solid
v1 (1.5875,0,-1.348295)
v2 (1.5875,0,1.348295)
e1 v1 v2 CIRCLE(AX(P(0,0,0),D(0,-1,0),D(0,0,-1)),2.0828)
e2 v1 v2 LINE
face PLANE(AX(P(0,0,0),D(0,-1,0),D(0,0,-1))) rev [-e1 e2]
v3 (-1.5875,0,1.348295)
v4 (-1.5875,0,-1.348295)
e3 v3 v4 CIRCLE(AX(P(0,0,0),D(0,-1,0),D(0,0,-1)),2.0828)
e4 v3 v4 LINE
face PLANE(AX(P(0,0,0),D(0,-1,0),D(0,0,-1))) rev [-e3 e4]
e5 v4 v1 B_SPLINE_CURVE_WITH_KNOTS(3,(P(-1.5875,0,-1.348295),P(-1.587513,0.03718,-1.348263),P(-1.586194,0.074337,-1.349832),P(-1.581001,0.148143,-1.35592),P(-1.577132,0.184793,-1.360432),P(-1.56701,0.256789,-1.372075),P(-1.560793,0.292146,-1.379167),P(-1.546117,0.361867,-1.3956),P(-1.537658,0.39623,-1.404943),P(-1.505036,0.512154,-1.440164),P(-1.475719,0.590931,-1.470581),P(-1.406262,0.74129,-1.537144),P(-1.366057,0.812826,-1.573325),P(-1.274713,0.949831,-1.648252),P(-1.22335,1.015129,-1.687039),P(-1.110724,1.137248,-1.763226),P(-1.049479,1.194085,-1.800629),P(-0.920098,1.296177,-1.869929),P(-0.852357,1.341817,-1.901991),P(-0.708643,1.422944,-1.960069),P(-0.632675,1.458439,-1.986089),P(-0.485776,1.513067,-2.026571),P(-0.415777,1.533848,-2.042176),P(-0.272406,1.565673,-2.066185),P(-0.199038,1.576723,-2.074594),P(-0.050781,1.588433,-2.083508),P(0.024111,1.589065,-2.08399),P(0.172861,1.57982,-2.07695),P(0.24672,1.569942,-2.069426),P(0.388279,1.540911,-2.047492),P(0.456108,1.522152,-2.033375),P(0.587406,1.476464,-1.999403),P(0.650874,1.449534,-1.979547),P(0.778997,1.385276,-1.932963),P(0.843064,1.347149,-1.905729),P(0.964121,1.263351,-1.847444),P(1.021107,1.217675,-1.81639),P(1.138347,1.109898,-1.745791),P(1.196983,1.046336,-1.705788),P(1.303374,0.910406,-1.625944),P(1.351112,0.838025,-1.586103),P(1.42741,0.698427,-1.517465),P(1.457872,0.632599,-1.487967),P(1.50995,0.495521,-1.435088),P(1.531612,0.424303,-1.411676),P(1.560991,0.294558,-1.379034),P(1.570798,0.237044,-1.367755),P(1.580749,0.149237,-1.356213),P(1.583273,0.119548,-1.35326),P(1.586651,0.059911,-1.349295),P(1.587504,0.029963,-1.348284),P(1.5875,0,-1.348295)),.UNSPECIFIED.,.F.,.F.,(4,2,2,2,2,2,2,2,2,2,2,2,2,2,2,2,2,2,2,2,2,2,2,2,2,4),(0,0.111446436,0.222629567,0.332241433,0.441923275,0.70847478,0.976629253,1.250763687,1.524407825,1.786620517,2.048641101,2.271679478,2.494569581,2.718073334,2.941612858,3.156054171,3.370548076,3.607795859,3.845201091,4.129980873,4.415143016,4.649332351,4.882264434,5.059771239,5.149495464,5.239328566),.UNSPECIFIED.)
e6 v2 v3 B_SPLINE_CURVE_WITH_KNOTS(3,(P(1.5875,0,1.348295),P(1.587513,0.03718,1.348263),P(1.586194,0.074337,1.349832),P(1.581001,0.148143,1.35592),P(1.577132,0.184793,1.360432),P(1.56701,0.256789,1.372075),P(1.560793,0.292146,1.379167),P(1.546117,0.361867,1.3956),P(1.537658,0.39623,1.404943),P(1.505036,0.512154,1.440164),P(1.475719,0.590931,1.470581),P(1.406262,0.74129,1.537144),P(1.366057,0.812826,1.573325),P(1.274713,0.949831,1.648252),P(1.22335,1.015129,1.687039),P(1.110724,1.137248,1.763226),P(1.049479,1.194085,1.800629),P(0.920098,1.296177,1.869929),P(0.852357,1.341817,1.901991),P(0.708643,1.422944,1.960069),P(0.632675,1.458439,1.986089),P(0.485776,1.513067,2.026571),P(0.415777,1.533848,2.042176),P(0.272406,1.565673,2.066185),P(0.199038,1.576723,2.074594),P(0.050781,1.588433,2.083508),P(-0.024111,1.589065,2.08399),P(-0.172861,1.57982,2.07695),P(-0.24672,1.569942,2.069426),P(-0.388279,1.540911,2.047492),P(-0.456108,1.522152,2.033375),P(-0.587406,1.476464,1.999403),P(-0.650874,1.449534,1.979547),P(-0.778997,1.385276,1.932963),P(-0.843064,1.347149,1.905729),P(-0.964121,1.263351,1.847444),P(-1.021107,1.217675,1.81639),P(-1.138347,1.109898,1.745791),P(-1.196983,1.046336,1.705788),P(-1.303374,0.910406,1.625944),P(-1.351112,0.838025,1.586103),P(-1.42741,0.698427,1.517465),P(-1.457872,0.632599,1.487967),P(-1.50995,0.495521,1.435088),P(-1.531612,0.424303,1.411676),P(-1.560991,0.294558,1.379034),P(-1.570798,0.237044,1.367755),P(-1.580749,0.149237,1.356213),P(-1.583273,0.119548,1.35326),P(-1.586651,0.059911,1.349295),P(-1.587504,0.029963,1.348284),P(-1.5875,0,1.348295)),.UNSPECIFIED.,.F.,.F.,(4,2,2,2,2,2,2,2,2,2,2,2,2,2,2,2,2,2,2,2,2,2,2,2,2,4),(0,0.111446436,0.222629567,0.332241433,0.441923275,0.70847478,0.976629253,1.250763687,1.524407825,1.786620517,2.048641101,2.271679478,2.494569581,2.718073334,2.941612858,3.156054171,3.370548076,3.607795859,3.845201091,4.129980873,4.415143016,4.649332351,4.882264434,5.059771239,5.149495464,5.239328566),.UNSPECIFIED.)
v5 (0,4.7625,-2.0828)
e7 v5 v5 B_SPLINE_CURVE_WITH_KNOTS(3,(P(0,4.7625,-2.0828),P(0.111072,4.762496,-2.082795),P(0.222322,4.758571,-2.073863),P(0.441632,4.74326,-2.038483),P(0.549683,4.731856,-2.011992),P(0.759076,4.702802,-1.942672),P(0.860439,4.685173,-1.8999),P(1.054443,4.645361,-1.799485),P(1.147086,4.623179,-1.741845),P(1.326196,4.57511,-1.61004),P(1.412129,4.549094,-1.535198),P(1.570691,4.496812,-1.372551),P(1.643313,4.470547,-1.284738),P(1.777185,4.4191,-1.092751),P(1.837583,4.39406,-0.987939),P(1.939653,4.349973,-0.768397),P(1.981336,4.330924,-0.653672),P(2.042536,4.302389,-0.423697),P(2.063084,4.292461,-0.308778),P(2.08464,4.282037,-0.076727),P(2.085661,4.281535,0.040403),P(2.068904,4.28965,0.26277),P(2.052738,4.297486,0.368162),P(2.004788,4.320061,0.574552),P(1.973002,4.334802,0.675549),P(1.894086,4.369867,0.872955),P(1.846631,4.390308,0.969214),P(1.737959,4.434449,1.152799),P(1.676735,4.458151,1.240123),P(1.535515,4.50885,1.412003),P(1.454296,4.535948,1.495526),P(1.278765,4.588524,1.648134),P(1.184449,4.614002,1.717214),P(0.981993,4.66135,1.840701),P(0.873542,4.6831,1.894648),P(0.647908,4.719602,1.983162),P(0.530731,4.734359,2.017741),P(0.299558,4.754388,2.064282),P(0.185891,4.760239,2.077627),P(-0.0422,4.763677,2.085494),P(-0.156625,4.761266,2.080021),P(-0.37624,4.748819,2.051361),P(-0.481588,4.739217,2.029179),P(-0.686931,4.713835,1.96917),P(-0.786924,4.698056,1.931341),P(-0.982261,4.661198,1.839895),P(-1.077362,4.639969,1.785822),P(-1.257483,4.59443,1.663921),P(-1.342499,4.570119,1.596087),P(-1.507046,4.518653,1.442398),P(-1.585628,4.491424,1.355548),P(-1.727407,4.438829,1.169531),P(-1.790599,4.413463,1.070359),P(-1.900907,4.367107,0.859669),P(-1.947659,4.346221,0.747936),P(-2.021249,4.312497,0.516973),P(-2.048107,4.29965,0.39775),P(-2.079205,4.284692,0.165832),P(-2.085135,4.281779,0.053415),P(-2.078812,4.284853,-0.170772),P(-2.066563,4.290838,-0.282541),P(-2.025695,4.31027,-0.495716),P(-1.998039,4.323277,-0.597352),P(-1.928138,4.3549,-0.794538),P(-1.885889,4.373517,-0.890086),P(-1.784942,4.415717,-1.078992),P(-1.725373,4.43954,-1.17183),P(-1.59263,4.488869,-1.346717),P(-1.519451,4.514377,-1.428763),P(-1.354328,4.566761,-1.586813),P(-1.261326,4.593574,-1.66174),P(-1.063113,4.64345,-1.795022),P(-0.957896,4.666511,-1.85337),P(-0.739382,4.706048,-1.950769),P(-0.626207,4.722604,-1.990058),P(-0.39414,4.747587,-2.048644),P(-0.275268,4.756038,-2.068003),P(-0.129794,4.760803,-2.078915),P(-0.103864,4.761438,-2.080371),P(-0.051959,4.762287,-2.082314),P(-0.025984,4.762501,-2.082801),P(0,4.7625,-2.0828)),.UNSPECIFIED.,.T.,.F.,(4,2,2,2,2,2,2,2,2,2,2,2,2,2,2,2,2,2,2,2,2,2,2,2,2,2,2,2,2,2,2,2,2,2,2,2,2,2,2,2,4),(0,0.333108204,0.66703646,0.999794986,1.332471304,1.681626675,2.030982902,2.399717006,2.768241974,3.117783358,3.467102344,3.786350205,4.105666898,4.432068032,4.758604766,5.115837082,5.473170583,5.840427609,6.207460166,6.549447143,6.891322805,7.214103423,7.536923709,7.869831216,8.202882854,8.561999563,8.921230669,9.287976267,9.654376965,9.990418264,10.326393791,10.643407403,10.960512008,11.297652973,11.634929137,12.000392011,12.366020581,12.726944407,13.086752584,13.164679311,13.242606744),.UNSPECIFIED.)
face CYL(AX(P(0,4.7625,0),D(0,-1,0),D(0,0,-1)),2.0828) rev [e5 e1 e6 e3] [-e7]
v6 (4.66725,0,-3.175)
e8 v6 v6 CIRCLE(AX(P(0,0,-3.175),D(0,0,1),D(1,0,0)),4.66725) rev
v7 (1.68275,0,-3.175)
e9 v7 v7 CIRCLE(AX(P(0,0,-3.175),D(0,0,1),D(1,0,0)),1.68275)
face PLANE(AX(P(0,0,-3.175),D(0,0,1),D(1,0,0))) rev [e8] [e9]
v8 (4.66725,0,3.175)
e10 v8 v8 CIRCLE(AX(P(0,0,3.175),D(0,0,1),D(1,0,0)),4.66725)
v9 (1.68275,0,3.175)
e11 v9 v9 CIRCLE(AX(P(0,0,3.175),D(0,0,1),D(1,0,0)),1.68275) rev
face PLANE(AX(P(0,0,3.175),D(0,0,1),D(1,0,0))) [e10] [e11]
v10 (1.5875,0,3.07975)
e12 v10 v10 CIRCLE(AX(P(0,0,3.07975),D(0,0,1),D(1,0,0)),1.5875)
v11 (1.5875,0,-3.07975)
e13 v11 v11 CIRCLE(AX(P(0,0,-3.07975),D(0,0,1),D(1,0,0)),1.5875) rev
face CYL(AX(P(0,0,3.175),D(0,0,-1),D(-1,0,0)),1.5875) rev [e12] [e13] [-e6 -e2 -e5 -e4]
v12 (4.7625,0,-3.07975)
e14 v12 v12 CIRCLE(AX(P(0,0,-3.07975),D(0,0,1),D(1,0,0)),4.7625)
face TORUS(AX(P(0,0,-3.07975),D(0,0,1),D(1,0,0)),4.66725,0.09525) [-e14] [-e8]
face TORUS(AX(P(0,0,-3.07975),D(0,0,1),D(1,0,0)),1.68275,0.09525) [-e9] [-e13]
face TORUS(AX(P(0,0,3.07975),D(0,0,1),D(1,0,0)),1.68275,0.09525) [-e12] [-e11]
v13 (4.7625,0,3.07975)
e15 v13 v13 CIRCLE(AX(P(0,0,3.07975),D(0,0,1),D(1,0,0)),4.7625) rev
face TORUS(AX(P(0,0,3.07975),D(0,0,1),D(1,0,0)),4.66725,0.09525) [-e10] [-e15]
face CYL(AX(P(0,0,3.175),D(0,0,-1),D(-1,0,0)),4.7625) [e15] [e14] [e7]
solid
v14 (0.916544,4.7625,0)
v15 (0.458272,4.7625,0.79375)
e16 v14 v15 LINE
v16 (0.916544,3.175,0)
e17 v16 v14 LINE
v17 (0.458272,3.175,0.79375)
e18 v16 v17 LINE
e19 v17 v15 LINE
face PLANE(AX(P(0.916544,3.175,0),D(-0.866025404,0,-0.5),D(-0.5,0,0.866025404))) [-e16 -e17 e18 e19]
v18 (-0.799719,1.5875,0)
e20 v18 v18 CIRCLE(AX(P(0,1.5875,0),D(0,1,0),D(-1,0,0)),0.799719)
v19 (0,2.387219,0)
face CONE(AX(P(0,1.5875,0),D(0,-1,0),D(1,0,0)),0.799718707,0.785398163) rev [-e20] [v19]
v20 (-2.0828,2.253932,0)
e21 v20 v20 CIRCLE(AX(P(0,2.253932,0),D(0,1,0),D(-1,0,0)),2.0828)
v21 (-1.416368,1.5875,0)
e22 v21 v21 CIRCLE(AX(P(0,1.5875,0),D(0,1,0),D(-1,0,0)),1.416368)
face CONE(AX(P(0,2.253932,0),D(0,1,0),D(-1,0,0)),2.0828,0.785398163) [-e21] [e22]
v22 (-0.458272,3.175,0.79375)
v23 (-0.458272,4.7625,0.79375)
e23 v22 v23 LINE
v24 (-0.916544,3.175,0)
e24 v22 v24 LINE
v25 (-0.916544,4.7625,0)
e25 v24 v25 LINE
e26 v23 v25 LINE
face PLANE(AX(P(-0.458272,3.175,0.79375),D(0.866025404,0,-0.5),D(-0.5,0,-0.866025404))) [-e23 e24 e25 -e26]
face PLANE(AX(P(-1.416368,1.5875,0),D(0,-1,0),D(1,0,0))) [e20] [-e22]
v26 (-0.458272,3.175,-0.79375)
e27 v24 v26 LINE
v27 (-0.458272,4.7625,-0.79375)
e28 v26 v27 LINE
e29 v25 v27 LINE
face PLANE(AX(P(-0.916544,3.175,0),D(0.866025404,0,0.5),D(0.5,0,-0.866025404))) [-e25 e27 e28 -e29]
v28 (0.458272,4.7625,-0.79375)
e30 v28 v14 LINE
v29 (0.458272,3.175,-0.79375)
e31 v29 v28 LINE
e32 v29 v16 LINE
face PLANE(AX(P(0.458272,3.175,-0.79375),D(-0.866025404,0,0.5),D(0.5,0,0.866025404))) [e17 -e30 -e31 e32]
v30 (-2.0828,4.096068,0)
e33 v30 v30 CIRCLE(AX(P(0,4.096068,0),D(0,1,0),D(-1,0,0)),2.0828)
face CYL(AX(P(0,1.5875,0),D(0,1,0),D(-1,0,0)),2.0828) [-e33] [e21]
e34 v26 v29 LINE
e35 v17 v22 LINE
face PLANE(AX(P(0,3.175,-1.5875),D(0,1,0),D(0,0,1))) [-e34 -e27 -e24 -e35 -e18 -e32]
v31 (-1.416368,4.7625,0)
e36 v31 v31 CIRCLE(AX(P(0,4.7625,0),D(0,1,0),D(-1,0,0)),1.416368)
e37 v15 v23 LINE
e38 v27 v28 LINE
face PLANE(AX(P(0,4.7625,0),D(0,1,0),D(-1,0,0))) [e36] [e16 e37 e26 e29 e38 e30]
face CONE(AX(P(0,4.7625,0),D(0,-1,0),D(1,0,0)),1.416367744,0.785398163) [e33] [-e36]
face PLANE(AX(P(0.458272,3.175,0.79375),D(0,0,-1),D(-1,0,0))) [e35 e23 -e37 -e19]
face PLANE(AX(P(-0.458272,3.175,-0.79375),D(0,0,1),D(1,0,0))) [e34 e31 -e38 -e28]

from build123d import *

# Parameters (mm, degrees)
SKETCH1_R          = 4.7625
SKETCH1_R_2        = 1.5875
EXTRUDE1_DEPTH     = 3.175
SKETCH2_R          = 2.0828
CUT_EXTRUDE1_DEPTH = 5.7625
FILLET1_R          = 0.09525
CUT_EXTRUDE2_DEPTH = 1.5875


with BuildPart() as part:
    # Sketch1 → Extrude1 (new body, symmetric)
    with BuildSketch(Plane.XY):
        Circle(SKETCH1_R)
        Circle(SKETCH1_R_2, mode=Mode.SUBTRACT)
    extrude(amount=EXTRUDE1_DEPTH, both=True)

    # Sketch2 → Cut-Extrude1 (cut, through all)
    with BuildSketch(Plane(origin=(41.275, 0, 0), x_dir=(0, 0, -1), z_dir=(0, -1, 0))):
        with Locations((0, -41.275)):
            Circle(SKETCH2_R)
    extrude(amount=-CUT_EXTRUDE1_DEPTH, mode=Mode.SUBTRACT)

    # Fillet1
    fillet1_edges = [part.edges().sort_by_distance(p)[0] for p in [
        (-4.7625, 0, -3.175),
        (-4.7625, 0, 3.175),
        (-1.5875, 0, -3.175),
        (-1.5875, 0, 3.175),
    ]]
    fillet(fillet1_edges, radius=FILLET1_R)


with BuildPart() as body_2:
    # Sketch3 → Revolve1 (revolve)
    with BuildSketch(Plane.XY):
        Polygon((-1.416367744, 1.5875), (-0.799718707, 1.5875), (0, 2.387218707), (0, 4.7625), (-1.416367744, 4.7625), (-2.0828, 4.096067744), (-2.0828, 2.253932256), align=None)
    revolve(axis=Axis((0, 1.5875, 0), (0, -1, 0)))

    # Sketch4 → Cut-Extrude2 (cut)
    with BuildSketch(Plane(origin=(3.3734375, 4.7625, 0), x_dir=(0, 0, -1), z_dir=(0, -1, 0))):
        Polygon((0, -2.456893948), (-0.79375, -2.915165724), (-0.79375, -3.831709276), (0, -4.289981052), (0.79375, -3.831709276), (0.79375, -2.915165724), align=None)
    extrude(amount=CUT_EXTRUDE2_DEPTH, mode=Mode.SUBTRACT)


solid = Compound([part.part, body_2.part])
